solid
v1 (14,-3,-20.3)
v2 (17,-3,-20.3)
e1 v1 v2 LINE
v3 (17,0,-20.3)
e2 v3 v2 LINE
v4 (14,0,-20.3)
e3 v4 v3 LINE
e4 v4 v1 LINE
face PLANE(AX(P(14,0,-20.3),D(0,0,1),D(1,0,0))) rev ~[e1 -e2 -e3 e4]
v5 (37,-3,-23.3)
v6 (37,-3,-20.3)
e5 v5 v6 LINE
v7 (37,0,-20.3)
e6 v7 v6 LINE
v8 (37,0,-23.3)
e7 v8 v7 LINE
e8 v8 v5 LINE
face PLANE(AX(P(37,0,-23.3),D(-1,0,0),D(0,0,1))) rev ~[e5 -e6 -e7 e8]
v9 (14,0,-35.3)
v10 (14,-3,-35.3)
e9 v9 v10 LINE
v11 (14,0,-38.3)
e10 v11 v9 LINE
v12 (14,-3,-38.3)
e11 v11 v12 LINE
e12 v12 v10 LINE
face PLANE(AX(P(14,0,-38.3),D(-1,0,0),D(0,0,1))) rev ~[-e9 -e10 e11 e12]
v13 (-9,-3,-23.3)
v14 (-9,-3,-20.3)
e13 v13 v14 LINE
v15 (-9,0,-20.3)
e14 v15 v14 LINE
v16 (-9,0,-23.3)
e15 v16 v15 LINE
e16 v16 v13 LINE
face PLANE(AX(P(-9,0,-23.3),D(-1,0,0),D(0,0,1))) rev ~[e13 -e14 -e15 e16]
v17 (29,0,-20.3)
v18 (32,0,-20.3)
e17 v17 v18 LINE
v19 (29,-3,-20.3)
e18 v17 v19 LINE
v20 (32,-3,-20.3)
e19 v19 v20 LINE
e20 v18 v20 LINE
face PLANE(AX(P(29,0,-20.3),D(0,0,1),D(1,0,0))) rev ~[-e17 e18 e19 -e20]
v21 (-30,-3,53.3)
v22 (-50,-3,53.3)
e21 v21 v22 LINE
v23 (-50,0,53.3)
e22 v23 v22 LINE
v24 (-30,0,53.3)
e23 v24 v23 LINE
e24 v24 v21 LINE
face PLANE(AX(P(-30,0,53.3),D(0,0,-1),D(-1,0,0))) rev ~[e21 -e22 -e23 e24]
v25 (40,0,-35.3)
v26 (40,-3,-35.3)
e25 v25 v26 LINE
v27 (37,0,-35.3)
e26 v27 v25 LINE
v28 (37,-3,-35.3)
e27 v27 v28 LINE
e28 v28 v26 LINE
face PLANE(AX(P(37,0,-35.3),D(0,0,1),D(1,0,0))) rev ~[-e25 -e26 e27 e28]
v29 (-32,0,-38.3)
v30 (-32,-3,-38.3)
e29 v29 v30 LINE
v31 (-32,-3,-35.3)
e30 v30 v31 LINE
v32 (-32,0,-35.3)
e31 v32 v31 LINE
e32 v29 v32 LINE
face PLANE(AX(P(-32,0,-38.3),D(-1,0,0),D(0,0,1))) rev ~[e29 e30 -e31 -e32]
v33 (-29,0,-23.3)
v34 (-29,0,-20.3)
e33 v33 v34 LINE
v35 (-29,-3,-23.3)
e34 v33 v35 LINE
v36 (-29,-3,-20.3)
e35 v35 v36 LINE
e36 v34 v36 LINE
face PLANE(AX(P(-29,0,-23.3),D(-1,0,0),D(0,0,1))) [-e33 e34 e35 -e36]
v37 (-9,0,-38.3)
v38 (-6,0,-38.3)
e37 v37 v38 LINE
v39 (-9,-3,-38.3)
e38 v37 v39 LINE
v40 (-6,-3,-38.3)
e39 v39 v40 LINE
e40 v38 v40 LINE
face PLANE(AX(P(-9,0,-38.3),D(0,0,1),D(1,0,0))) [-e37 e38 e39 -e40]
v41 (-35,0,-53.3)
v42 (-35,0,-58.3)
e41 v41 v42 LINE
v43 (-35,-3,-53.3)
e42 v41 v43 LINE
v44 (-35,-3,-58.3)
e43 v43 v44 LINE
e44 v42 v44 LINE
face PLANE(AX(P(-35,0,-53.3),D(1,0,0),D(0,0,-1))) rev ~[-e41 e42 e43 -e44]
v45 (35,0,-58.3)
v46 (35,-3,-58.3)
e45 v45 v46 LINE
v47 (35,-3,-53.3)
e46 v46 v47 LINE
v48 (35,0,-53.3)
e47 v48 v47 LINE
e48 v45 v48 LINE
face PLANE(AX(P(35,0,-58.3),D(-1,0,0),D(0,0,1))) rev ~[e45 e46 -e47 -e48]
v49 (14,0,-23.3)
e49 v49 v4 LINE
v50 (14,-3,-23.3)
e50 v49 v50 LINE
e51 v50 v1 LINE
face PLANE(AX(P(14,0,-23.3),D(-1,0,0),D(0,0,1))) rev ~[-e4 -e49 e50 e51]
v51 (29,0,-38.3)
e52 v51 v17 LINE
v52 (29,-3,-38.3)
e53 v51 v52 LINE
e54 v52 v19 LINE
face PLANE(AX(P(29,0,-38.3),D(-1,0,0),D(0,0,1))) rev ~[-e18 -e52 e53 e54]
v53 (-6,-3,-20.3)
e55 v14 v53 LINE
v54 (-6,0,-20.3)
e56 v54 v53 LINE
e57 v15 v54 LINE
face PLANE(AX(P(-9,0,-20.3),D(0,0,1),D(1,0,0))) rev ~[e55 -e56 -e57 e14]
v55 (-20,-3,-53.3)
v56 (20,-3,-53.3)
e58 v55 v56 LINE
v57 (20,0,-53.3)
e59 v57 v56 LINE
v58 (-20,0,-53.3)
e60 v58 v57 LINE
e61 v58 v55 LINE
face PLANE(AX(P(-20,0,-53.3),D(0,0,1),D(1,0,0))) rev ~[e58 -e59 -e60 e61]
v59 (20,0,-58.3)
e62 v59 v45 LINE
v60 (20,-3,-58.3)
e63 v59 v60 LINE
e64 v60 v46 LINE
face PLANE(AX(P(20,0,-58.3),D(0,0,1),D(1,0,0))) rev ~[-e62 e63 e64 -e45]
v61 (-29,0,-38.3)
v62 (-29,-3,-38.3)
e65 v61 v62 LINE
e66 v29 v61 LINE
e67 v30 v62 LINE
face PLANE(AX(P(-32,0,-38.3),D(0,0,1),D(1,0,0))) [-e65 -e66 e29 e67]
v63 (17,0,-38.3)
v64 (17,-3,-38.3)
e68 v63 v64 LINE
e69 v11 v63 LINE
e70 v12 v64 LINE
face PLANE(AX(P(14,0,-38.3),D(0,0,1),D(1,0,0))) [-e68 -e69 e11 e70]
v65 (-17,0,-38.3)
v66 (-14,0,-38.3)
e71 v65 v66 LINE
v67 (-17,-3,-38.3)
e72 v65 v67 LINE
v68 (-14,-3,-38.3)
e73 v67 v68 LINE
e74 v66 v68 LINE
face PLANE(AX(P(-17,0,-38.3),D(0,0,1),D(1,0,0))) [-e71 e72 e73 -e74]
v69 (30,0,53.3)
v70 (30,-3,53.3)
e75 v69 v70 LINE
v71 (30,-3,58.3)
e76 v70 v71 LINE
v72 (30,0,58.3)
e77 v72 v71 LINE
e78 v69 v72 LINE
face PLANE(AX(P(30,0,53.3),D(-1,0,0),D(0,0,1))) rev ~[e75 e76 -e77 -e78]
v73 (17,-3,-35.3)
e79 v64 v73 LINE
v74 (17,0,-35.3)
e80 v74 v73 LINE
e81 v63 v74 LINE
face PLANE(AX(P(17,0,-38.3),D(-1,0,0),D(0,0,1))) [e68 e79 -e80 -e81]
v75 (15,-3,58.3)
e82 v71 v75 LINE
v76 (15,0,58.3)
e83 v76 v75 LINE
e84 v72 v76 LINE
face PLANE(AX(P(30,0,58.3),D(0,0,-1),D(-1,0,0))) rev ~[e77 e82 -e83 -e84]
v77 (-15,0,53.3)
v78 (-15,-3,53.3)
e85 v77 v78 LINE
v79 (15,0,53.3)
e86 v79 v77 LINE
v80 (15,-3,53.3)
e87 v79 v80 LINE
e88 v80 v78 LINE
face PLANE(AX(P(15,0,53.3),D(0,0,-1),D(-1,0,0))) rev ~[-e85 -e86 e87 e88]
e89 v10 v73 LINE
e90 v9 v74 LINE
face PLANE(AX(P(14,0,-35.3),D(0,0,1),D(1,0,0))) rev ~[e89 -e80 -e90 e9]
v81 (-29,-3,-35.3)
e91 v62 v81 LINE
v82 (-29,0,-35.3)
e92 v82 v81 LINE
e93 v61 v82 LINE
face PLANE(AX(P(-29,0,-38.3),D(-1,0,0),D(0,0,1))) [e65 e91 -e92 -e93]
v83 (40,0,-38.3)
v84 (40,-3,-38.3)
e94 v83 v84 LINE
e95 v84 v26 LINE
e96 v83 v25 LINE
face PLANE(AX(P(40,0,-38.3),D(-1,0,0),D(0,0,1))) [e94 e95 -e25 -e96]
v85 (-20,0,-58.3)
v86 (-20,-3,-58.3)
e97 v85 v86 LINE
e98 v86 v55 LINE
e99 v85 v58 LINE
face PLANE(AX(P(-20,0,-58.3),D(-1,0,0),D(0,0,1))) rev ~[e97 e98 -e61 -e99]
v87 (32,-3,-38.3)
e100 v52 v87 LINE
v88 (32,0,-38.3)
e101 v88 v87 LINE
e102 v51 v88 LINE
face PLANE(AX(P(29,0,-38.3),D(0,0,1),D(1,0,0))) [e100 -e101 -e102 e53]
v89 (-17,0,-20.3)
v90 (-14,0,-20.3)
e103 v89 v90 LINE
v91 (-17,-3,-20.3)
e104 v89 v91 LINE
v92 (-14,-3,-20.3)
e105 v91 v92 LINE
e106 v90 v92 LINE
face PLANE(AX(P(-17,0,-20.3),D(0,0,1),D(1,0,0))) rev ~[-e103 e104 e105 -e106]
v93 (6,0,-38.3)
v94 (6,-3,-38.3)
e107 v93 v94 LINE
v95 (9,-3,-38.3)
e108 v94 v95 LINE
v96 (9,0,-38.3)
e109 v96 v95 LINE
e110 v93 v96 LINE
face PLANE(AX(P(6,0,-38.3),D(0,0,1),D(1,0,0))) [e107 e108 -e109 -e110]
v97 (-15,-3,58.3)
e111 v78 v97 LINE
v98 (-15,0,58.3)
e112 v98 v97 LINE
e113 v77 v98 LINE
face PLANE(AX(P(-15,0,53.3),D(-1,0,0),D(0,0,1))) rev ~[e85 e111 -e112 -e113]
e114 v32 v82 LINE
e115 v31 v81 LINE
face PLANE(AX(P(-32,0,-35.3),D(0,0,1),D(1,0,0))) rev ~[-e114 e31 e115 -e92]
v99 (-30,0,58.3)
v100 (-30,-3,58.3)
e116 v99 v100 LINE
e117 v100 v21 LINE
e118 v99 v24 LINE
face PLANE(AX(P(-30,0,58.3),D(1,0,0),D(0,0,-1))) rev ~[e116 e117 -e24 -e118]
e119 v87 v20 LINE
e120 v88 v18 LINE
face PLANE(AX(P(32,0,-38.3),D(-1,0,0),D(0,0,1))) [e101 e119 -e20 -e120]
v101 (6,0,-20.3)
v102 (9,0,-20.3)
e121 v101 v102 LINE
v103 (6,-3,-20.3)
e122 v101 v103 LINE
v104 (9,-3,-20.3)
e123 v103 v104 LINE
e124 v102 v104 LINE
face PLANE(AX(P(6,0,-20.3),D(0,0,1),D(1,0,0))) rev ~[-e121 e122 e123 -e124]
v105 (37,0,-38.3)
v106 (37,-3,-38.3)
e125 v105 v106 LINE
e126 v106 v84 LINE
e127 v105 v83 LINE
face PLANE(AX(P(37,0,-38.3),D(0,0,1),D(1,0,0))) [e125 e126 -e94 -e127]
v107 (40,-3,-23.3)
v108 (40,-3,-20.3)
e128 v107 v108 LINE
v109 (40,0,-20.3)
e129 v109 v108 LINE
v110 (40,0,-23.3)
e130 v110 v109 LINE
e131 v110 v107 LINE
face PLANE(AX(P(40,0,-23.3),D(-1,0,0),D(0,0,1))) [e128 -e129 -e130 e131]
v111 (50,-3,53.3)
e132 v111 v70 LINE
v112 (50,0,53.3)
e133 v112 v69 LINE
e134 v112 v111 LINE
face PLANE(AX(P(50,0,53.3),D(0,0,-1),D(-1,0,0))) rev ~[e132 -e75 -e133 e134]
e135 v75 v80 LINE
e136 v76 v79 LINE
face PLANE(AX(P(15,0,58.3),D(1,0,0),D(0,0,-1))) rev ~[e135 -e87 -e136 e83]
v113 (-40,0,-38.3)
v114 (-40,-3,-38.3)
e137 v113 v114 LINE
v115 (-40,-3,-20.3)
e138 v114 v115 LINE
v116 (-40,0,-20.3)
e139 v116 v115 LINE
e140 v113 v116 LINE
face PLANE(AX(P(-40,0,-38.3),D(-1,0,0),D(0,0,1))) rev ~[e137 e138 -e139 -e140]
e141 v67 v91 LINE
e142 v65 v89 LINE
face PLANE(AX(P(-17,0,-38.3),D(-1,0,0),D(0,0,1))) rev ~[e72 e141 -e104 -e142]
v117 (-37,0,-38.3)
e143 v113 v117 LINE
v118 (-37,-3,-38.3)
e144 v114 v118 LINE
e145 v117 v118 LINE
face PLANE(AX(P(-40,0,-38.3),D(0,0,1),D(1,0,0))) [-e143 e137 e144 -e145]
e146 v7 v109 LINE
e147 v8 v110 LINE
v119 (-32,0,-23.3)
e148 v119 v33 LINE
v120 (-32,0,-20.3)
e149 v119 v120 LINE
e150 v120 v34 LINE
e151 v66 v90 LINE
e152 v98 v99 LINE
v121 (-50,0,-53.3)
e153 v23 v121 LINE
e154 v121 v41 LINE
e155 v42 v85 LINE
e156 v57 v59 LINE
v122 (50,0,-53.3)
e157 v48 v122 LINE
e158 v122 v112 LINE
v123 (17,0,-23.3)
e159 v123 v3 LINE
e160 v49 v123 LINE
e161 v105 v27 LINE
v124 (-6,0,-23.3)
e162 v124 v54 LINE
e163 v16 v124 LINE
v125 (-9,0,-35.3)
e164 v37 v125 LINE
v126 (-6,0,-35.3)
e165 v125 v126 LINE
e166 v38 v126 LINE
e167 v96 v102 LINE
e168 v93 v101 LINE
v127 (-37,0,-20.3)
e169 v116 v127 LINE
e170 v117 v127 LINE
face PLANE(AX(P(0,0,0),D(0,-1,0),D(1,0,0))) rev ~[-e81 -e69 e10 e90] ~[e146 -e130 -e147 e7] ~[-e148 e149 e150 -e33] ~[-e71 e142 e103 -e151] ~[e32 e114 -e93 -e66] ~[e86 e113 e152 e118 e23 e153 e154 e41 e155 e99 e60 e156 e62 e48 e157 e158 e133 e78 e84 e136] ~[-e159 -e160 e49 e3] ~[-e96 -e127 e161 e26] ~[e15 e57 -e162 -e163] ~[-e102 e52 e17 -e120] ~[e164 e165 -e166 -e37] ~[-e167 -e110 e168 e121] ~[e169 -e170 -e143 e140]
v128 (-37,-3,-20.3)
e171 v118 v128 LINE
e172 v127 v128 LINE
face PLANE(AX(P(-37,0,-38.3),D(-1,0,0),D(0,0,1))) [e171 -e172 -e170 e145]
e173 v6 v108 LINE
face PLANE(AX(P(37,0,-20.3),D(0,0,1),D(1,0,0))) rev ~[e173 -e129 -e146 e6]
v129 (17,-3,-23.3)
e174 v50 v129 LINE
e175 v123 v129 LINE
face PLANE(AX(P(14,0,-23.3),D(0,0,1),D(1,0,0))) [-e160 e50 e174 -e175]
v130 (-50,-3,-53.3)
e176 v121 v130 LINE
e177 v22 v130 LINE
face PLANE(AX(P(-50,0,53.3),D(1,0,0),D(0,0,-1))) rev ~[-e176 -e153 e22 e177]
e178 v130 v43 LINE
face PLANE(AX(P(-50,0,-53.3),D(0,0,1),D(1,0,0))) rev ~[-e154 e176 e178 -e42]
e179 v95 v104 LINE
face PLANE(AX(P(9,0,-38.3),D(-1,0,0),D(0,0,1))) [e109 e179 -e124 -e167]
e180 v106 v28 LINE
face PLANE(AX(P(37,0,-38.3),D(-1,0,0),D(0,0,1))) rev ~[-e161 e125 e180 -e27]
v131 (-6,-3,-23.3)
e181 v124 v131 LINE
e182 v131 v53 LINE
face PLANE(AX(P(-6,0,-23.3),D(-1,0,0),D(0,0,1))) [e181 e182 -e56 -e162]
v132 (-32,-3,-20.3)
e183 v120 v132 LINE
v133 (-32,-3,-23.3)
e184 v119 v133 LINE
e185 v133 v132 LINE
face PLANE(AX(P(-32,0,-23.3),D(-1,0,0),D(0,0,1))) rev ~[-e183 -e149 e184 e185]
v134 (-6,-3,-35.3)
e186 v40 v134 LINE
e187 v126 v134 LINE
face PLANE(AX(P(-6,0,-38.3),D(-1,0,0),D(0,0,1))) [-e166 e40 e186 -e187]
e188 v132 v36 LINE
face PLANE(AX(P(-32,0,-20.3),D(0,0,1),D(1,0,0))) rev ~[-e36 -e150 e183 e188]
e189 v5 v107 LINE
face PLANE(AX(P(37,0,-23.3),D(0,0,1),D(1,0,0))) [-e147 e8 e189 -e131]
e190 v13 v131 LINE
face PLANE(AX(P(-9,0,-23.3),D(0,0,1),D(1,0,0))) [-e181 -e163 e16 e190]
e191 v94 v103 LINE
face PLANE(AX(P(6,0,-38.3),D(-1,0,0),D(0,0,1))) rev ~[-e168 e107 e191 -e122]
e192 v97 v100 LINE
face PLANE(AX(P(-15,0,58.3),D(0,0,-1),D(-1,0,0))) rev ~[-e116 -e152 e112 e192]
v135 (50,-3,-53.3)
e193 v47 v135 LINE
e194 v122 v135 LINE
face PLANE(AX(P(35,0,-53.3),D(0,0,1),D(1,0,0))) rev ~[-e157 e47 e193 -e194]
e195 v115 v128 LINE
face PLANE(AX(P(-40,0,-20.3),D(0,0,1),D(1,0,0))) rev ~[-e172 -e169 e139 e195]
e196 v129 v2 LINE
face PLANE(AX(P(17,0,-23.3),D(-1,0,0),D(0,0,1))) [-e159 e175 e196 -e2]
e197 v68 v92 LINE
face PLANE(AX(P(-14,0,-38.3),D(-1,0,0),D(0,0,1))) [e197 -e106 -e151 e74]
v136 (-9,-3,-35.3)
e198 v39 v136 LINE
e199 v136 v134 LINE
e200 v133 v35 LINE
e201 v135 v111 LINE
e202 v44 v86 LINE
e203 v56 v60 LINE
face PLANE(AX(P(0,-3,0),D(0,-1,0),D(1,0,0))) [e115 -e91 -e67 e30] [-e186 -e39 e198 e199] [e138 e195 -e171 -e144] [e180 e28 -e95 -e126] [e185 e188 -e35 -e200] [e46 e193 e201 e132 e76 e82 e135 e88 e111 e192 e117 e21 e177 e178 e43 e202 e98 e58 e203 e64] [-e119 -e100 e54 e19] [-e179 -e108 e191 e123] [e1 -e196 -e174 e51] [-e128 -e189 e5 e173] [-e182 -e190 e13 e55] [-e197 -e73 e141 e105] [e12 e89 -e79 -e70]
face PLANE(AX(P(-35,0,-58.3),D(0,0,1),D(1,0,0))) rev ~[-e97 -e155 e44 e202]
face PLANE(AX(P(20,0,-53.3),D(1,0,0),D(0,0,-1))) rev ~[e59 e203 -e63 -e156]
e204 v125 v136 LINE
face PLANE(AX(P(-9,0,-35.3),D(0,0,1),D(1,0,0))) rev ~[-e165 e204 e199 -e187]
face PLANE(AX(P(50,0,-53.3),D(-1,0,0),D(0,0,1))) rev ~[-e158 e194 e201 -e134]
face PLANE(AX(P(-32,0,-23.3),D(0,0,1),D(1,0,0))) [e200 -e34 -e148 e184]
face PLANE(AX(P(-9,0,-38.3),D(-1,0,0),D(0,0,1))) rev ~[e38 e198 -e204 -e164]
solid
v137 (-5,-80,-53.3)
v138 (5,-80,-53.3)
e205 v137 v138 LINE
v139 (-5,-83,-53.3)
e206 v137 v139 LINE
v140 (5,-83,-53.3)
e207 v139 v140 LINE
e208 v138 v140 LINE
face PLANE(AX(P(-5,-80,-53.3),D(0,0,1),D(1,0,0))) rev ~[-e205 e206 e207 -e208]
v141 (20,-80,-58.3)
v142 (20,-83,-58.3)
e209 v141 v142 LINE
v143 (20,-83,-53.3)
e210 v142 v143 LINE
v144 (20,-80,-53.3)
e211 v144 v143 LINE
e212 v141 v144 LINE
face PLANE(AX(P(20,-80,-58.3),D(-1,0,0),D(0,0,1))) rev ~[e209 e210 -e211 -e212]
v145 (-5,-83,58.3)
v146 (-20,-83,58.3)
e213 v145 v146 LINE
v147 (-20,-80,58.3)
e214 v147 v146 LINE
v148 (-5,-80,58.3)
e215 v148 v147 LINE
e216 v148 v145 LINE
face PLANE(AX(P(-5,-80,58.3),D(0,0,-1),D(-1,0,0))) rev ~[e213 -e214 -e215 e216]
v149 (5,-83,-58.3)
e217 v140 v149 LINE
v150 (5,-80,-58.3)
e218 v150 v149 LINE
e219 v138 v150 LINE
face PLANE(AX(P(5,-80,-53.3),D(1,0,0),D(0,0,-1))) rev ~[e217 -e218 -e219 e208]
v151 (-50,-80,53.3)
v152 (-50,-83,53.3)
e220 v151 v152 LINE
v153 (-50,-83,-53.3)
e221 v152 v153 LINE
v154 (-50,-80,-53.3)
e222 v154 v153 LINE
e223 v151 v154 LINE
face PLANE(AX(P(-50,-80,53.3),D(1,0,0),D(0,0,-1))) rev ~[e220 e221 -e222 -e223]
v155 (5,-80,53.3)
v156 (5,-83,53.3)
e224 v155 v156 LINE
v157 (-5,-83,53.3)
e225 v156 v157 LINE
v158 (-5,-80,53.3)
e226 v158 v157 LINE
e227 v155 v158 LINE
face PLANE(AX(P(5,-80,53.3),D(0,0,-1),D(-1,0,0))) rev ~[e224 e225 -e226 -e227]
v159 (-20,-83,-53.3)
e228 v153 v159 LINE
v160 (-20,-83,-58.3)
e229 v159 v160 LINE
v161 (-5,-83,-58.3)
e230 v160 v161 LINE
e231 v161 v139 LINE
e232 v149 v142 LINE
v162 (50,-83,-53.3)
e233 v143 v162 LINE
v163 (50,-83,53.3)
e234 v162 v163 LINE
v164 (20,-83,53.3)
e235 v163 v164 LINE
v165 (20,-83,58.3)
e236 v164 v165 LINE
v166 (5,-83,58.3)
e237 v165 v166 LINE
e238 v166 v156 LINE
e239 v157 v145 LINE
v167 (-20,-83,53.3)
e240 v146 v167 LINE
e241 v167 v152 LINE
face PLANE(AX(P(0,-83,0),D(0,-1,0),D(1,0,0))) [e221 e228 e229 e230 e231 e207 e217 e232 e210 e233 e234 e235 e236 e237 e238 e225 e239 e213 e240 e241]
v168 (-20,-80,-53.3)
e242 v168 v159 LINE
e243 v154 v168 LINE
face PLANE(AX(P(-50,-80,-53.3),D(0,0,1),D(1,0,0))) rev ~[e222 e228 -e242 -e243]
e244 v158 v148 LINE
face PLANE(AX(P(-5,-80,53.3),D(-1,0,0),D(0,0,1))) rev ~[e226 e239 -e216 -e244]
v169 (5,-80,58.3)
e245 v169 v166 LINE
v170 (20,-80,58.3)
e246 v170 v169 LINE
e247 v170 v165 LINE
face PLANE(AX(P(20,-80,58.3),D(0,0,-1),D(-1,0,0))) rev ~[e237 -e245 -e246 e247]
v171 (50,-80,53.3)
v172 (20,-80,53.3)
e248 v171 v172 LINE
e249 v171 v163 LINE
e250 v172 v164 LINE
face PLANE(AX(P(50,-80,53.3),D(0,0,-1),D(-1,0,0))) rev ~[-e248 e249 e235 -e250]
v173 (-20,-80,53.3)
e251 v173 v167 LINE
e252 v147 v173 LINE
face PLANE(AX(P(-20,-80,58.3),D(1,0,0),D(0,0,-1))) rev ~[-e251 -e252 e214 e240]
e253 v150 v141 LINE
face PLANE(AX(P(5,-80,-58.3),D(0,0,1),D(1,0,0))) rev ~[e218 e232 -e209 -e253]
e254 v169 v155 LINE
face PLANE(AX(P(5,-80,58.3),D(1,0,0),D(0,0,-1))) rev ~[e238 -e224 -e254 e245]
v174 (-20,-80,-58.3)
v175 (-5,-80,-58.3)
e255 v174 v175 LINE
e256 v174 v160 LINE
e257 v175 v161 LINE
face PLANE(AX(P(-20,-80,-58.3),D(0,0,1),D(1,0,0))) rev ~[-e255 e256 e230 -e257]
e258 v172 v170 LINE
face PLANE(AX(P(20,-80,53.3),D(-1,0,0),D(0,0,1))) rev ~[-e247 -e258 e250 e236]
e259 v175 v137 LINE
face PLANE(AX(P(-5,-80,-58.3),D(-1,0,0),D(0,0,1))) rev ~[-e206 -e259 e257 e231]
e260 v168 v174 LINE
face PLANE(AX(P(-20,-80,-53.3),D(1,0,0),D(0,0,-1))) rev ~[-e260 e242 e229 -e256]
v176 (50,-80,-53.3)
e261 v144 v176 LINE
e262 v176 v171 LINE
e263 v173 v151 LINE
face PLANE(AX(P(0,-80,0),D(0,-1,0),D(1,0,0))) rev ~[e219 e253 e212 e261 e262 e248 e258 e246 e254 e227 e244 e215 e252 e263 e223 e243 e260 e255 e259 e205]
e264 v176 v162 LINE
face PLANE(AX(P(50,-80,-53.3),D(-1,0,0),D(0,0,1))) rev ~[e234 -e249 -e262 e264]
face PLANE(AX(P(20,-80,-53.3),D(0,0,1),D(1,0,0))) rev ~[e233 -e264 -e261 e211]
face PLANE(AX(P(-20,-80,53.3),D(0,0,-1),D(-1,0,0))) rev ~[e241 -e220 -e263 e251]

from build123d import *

# Parameters (mm, degrees)
F0_W     = 3
F0_H     = 3
F0_H_2   = 18
F1_DEPTH = 3
F4_DEPTH = 3


with BuildPart() as f1:
    # F0 (on Front) → F1 (new body)
    with BuildSketch(Plane.XZ):
        Polygon((-30, 53.3), (-50, 53.3), (-50, -53.3), (-35, -53.3), (-35, -58.3), (-20, -58.3), (-20, -53.3), (20, -53.3), (20, -58.3), (35, -58.3), (35, -53.3), (50, -53.3), (50, 53.3), (30, 53.3), (30, 58.3), (15, 58.3), (15, 53.3), (-15, 53.3), (-15, 58.3), (-30, 58.3), align=None)
        with Locations((-30.5, -36.8)):
            Rectangle(F0_W, F0_H, mode=Mode.SUBTRACT)
        with Locations((-7.5, -36.8)):
            Rectangle(F0_W, F0_H, mode=Mode.SUBTRACT)
        with Locations((-38.5, -29.3)):
            Rectangle(F0_W, F0_H_2, mode=Mode.SUBTRACT)
        with Locations((-15.5, -29.3)):
            Rectangle(F0_W, F0_H_2, mode=Mode.SUBTRACT)
        with Locations((15.5, -36.8)):
            Rectangle(F0_W, F0_H, mode=Mode.SUBTRACT)
        with Locations((38.5, -36.8)):
            Rectangle(F0_W, F0_H, mode=Mode.SUBTRACT)
        with Locations((7.5, -29.3)):
            Rectangle(F0_W, F0_H_2, mode=Mode.SUBTRACT)
        with Locations((30.5, -29.3)):
            Rectangle(F0_W, F0_H_2, mode=Mode.SUBTRACT)
        with Locations((-30.5, -21.8)):
            Rectangle(F0_W, F0_H, mode=Mode.SUBTRACT)
        with Locations((-7.5, -21.8)):
            Rectangle(F0_W, F0_H, mode=Mode.SUBTRACT)
        with Locations((15.5, -21.8)):
            Rectangle(F0_W, F0_H, mode=Mode.SUBTRACT)
        with Locations((38.5, -21.8)):
            Rectangle(F0_W, F0_H, mode=Mode.SUBTRACT)
    extrude(amount=F1_DEPTH)


with BuildPart() as f4:
    # F3 (on offset) → F4 (new body)
    with BuildSketch(Plane.XZ.offset(80)):
        Polygon((-20, 53.3), (-50, 53.3), (-50, -53.3), (-20, -53.3), (-20, -58.3), (-5, -58.3), (-5, -53.3), (5, -53.3), (5, -58.3), (20, -58.3), (20, -53.3), (50, -53.3), (50, 53.3), (20, 53.3), (20, 58.3), (5, 58.3), (5, 53.3), (-5, 53.3), (-5, 58.3), (-20, 58.3), align=None)
    extrude(amount=F4_DEPTH)


solid = Compound([f1.part, f4.part])
